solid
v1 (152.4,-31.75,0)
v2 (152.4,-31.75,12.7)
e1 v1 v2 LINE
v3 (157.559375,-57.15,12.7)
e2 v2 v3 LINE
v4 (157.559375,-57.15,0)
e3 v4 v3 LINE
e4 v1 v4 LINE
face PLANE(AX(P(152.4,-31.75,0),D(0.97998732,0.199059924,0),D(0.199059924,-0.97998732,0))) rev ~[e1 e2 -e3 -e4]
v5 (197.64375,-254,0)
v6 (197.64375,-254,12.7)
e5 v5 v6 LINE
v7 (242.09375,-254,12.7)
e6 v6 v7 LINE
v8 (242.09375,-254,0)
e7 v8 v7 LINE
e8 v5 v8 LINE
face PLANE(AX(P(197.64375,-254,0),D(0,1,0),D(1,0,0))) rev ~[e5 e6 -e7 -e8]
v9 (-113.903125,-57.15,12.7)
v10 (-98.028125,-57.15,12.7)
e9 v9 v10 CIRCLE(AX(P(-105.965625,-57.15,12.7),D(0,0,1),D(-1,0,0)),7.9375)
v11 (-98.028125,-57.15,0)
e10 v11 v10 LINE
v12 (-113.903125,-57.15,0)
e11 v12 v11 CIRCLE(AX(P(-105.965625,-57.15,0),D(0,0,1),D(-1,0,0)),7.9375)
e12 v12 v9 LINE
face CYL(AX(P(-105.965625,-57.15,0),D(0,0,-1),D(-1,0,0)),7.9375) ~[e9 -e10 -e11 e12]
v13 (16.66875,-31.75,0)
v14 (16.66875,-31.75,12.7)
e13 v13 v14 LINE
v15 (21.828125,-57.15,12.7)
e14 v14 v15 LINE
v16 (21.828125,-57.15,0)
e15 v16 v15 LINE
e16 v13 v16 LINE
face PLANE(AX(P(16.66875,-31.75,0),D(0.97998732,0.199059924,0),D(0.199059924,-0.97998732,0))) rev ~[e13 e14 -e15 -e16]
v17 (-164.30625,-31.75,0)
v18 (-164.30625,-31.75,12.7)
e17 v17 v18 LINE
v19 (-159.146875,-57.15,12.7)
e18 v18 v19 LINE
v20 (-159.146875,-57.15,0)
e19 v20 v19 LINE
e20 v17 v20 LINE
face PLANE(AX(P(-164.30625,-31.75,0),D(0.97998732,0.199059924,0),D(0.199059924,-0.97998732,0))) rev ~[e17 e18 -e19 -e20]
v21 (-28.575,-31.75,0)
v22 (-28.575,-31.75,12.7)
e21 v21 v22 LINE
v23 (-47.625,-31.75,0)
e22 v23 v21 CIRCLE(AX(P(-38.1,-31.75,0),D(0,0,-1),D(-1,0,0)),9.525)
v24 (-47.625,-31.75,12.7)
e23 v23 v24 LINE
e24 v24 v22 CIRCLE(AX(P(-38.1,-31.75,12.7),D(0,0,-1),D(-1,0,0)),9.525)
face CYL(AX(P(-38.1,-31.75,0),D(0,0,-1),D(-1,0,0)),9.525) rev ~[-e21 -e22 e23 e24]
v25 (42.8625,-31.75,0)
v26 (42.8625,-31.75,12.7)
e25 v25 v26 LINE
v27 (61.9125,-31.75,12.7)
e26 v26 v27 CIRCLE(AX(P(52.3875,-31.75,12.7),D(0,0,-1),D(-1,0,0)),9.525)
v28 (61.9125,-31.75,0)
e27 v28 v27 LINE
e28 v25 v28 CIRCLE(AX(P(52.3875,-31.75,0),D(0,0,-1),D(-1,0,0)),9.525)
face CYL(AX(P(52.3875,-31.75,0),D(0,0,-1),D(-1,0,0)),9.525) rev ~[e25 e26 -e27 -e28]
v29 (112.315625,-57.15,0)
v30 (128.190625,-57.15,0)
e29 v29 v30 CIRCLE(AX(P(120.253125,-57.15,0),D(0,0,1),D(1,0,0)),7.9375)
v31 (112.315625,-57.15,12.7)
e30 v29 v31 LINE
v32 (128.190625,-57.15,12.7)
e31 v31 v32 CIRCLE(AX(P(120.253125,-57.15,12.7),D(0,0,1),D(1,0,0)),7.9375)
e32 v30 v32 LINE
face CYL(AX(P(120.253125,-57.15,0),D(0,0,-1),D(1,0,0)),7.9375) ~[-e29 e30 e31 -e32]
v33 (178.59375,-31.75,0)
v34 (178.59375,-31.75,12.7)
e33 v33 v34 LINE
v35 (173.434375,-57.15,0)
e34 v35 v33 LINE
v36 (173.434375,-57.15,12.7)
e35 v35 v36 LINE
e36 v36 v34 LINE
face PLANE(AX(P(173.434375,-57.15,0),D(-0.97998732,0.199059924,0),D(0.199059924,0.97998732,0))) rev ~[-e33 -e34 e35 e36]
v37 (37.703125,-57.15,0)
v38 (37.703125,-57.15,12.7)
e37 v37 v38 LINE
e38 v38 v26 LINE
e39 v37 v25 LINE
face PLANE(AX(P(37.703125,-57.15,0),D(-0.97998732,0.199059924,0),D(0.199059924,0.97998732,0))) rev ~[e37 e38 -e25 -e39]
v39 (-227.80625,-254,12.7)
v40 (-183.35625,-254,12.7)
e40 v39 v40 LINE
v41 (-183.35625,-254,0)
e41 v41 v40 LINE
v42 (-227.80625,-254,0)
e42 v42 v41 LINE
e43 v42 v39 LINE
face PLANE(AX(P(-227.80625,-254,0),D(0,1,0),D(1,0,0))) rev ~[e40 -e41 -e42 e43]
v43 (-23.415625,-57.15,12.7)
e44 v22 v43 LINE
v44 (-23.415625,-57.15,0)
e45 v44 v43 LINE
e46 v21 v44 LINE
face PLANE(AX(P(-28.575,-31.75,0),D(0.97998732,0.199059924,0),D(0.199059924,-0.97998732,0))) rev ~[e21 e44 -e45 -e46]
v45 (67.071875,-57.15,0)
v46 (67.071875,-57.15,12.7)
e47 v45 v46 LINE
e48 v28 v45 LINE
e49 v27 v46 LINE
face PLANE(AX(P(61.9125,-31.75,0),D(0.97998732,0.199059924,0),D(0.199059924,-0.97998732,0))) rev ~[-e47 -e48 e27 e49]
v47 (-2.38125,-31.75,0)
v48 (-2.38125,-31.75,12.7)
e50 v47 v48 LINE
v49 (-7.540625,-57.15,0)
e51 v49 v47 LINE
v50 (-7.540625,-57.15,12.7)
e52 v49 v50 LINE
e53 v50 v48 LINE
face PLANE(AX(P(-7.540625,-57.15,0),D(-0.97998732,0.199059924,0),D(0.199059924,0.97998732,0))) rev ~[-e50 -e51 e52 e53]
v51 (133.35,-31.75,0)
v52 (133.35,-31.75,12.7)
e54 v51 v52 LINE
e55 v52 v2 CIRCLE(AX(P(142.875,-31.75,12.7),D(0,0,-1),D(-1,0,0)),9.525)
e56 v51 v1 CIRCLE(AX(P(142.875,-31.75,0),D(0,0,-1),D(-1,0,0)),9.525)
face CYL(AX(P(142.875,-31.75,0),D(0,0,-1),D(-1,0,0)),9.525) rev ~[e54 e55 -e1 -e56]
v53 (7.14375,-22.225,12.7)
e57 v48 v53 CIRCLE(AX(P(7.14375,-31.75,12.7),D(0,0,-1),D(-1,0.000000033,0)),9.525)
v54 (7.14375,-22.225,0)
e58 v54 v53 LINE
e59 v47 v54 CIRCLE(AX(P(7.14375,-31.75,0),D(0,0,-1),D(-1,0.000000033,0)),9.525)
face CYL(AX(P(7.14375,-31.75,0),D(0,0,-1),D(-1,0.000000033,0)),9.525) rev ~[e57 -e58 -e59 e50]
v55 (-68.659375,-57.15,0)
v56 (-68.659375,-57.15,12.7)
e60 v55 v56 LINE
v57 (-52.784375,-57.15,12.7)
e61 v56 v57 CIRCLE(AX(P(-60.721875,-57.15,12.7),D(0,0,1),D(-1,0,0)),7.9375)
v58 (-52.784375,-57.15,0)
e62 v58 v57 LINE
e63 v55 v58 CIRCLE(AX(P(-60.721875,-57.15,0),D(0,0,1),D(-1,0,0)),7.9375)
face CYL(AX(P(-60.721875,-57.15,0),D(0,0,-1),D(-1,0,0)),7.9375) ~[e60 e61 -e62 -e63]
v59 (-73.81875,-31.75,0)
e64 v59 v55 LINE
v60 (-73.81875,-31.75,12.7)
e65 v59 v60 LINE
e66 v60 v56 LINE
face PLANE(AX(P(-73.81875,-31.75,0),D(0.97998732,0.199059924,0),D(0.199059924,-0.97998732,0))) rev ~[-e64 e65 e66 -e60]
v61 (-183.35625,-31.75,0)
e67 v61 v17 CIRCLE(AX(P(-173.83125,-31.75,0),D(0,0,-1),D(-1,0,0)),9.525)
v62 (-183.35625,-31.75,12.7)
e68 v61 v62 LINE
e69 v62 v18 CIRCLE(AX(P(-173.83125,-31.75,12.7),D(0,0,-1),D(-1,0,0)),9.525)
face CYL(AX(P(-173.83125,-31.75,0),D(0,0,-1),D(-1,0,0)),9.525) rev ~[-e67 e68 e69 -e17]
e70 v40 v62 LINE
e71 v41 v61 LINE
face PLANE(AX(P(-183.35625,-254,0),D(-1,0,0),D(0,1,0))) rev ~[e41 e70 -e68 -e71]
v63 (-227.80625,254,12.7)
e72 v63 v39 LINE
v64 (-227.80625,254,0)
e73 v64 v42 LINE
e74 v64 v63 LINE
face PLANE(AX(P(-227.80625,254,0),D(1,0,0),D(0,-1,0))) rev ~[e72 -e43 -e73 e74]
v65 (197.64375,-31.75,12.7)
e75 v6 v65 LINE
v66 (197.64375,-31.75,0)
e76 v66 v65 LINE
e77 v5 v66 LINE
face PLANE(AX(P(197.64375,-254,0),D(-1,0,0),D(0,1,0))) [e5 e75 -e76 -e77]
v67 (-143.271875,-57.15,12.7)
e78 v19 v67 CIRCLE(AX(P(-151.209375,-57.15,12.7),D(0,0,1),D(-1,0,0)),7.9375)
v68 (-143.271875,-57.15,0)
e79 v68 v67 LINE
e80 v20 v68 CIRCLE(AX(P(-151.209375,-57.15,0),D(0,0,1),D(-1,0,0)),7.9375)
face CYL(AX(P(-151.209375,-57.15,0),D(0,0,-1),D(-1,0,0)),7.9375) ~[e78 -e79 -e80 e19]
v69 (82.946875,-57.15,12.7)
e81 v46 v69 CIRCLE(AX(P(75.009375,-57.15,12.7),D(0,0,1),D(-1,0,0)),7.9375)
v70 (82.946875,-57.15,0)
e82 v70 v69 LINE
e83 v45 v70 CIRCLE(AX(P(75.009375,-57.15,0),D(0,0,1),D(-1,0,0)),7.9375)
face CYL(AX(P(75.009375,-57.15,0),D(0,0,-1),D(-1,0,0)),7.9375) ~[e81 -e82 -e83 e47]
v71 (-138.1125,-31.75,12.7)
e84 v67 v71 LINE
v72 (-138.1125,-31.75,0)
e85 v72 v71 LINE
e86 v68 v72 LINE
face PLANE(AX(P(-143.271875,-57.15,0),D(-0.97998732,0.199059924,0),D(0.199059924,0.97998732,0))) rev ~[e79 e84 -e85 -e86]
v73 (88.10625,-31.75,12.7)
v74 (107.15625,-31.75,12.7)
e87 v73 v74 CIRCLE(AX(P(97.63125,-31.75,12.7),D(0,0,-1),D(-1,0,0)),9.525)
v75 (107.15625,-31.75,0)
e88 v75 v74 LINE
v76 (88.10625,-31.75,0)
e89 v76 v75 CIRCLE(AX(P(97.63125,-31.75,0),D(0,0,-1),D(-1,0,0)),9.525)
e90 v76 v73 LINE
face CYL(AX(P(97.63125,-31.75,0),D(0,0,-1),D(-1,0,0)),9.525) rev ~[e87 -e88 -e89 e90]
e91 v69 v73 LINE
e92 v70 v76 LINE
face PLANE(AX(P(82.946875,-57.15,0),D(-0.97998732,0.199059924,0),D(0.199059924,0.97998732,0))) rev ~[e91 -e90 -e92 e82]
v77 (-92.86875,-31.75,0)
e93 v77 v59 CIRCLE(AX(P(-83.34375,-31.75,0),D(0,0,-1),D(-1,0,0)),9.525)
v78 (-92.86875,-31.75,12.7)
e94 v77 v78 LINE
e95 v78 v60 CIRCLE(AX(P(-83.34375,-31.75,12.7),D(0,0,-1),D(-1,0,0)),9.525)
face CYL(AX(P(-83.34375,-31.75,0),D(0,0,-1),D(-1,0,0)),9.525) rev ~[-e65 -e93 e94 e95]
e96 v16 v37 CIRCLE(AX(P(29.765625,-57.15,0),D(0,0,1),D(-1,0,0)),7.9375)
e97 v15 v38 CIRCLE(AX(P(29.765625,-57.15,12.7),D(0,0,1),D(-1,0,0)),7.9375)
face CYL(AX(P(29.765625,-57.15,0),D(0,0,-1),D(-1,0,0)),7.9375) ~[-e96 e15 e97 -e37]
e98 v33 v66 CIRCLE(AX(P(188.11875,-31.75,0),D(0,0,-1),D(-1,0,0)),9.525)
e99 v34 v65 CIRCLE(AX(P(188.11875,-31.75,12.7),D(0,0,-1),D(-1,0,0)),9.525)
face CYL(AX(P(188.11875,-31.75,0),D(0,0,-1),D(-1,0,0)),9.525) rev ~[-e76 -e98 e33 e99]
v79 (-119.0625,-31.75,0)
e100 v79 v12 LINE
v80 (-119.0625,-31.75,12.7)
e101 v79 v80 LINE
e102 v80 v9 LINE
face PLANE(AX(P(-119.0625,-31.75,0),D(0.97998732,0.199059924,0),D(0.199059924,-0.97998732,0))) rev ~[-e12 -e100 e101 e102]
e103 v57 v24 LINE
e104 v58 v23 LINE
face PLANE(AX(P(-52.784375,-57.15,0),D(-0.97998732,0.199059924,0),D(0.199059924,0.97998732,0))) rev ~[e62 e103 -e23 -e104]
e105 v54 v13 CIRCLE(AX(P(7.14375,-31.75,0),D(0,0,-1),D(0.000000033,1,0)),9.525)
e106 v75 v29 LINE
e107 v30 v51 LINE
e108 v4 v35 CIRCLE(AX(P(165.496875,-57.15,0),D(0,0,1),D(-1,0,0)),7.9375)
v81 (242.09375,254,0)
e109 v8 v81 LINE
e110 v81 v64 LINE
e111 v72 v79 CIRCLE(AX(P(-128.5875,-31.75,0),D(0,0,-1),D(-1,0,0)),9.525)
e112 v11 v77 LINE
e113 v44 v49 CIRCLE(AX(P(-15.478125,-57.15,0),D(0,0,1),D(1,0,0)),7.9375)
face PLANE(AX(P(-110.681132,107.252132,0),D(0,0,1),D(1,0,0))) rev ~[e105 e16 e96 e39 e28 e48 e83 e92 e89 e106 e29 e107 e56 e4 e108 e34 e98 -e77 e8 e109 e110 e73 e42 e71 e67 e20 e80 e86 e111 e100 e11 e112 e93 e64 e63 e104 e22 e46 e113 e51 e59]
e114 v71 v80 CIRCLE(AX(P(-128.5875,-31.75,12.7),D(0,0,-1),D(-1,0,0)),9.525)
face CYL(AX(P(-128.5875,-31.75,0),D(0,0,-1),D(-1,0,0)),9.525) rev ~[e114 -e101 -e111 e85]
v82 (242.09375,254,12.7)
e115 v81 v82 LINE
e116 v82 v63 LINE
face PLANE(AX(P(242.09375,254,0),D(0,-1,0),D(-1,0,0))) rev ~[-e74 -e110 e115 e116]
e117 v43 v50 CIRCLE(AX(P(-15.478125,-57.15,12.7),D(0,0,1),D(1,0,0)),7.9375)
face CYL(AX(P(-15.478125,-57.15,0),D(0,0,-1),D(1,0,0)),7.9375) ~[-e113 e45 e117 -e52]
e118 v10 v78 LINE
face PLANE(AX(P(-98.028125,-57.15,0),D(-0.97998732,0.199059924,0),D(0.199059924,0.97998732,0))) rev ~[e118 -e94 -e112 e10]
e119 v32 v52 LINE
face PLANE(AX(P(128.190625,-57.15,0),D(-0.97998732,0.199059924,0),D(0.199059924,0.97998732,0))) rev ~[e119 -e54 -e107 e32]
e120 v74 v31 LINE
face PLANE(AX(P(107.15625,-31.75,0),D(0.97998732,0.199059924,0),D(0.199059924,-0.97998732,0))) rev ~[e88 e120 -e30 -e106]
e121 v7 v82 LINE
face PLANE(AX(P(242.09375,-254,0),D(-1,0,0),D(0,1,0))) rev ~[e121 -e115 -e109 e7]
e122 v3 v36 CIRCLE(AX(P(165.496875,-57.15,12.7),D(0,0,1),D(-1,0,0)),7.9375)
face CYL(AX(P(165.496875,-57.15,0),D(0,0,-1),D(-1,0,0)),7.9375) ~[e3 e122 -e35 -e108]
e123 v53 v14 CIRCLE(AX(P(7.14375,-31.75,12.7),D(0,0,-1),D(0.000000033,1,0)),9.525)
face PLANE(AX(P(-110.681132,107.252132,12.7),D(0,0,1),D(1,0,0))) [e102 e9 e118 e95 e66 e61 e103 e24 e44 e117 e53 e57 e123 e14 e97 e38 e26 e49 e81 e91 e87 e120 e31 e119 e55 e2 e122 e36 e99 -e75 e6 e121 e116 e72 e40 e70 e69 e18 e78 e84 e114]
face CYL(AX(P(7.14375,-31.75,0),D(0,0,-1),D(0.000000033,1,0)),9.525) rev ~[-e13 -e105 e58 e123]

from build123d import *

# Parameters (mm, degrees)
F0_W     = 44.45
F0_H     = 222.25
F1_DEPTH = 12.7


with BuildPart() as f1:
    # F0 (on Top) → F1 (new body)
    with BuildSketch(Plane.XY):
        with BuildLine():
            Line((-227.80625, 254), (-227.80625, -31.75))
            Line((-227.80625, -31.75), (-183.35625, -31.75))
            ThreePointArc((-183.35625, -31.75), (-173.83125, -22.225), (-164.30625, -31.75))
            Line((-164.30625, -31.75), (-138.1125, -31.75))
            ThreePointArc((-138.1125, -31.75), (-128.5875, -22.225), (-119.0625, -31.75))
            Line((-119.0625, -31.75), (-92.86875, -31.75))
            ThreePointArc((-92.86875, -31.75), (-83.34375, -22.225), (-73.81875, -31.75))
            Line((-73.81875, -31.75), (-47.625, -31.75))
            ThreePointArc((-47.625, -31.75), (-38.1, -22.225), (-28.575, -31.75))
            Line((-28.575, -31.75), (-2.38125, -31.75))
            ThreePointArc((-2.38125, -31.75), (0.408558, -25.014808), (7.14375, -22.225))
            Line((7.14375, -22.225), (7.14375, 254))
            Line((7.14375, 254), (-227.80625, 254))
        make_face()
        with Locations((-205.58125, -142.875)):
            Rectangle(F0_W, F0_H)
        with Locations((219.86875, -142.875)):
            Rectangle(F0_W, F0_H)
        with BuildLine():
            ThreePointArc((178.59375, -31.75), (188.11875, -22.225), (197.64375, -31.75))
            Line((197.64375, -31.75), (242.09375, -31.75))
            Line((242.09375, -31.75), (242.09375, 254))
            Line((242.09375, 254), (7.14375, 254))
            Line((7.14375, 254), (7.14375, -22.225))
            ThreePointArc((7.14375, -22.225), (13.878942, -25.014808), (16.66875, -31.75))
            Line((16.66875, -31.75), (42.8625, -31.75))
            ThreePointArc((42.8625, -31.75), (52.3875, -22.225), (61.9125, -31.75))
            Line((61.9125, -31.75), (88.10625, -31.75))
            ThreePointArc((88.10625, -31.75), (97.63125, -22.225), (107.15625, -31.75))
            Line((107.15625, -31.75), (133.35, -31.75))
            ThreePointArc((133.35, -31.75), (142.875, -22.225), (152.4, -31.75))
            Line((152.4, -31.75), (165.496875, -31.75))
            Line((165.496875, -31.75), (178.59375, -31.75))
        make_face()
        with BuildLine():
            Line((173.434375, -57.15), (178.59375, -31.75))
            Line((178.59375, -31.75), (165.496875, -31.75))
            Line((165.496875, -31.75), (165.496875, -49.2125))
            ThreePointArc((165.496875, -49.2125), (171.109535, -51.53734), (173.434375, -57.15))
        make_face()
        with BuildLine():
            Line((165.496875, -49.2125), (165.496875, -31.75))
            Line((165.496875, -31.75), (152.4, -31.75))
            Line((152.4, -31.75), (157.559375, -57.15))
            ThreePointArc((157.559375, -57.15), (159.884215, -51.53734), (165.496875, -49.2125))
        make_face()
        with BuildLine():
            ThreePointArc((157.559375, -57.15), (165.496875, -65.0875), (173.434375, -57.15))
            ThreePointArc((173.434375, -57.15), (171.109535, -51.53734), (165.496875, -49.2125))
            ThreePointArc((165.496875, -49.2125), (159.884215, -51.53734), (157.559375, -57.15))
        make_face()
        with BuildLine():
            Line((128.190625, -57.15), (133.35, -31.75))
            Line((133.35, -31.75), (107.15625, -31.75))
            Line((107.15625, -31.75), (112.315625, -57.15))
            ThreePointArc((112.315625, -57.15), (120.253125, -49.2125), (128.190625, -57.15))
        make_face()
        with BuildLine():
            ThreePointArc((112.315625, -57.15), (120.253125, -65.0875), (128.190625, -57.15))
            ThreePointArc((128.190625, -57.15), (120.253125, -49.2125), (112.315625, -57.15))
        make_face()
        with BuildLine():
            Line((88.10625, -31.75), (61.9125, -31.75))
            Line((61.9125, -31.75), (67.071875, -57.15))
            ThreePointArc((67.071875, -57.15), (75.009375, -49.2125), (82.946875, -57.15))
            Line((82.946875, -57.15), (88.10625, -31.75))
        make_face()
        with BuildLine():
            ThreePointArc((82.946875, -57.15), (75.009375, -49.2125), (67.071875, -57.15))
            ThreePointArc((67.071875, -57.15), (75.009375, -65.0875), (82.946875, -57.15))
        make_face()
        with BuildLine():
            Line((42.8625, -31.75), (16.66875, -31.75))
            Line((16.66875, -31.75), (21.828125, -57.15))
            ThreePointArc((21.828125, -57.15), (29.765625, -49.2125), (37.703125, -57.15))
            Line((37.703125, -57.15), (42.8625, -31.75))
        make_face()
        with BuildLine():
            ThreePointArc((37.703125, -57.15), (29.765625, -49.2125), (21.828125, -57.15))
            ThreePointArc((21.828125, -57.15), (29.765625, -65.0875), (37.703125, -57.15))
        make_face()
        with BuildLine():
            Line((-7.540625, -57.15), (-2.38125, -31.75))
            Line((-2.38125, -31.75), (-28.575, -31.75))
            Line((-28.575, -31.75), (-23.415625, -57.15))
            ThreePointArc((-23.415625, -57.15), (-15.478125, -49.2125), (-7.540625, -57.15))
        make_face()
        with BuildLine():
            ThreePointArc((-23.415625, -57.15), (-15.478125, -65.0875), (-7.540625, -57.15))
            ThreePointArc((-7.540625, -57.15), (-15.478125, -49.2125), (-23.415625, -57.15))
        make_face()
        with BuildLine():
            Line((-47.625, -31.75), (-73.81875, -31.75))
            Line((-73.81875, -31.75), (-68.659375, -57.15))
            ThreePointArc((-68.659375, -57.15), (-60.721875, -49.2125), (-52.784375, -57.15))
            Line((-52.784375, -57.15), (-47.625, -31.75))
        make_face()
        with BuildLine():
            ThreePointArc((-52.784375, -57.15), (-60.721875, -49.2125), (-68.659375, -57.15))
            ThreePointArc((-68.659375, -57.15), (-60.721875, -65.0875), (-52.784375, -57.15))
        make_face()
        with BuildLine():
            Line((-92.86875, -31.75), (-119.0625, -31.75))
            Line((-119.0625, -31.75), (-113.903125, -57.15))
            ThreePointArc((-113.903125, -57.15), (-105.965625, -49.2125), (-98.028125, -57.15))
            Line((-98.028125, -57.15), (-92.86875, -31.75))
        make_face()
        with BuildLine():
            ThreePointArc((-98.028125, -57.15), (-105.965625, -49.2125), (-113.903125, -57.15))
            ThreePointArc((-113.903125, -57.15), (-105.965625, -65.0875), (-98.028125, -57.15))
        make_face()
        with BuildLine():
            Line((-138.1125, -31.75), (-164.30625, -31.75))
            Line((-164.30625, -31.75), (-159.146875, -57.15))
            ThreePointArc((-159.146875, -57.15), (-151.209375, -49.2125), (-143.271875, -57.15))
            Line((-143.271875, -57.15), (-138.1125, -31.75))
        make_face()
        with BuildLine():
            ThreePointArc((-143.271875, -57.15), (-151.209375, -49.2125), (-159.146875, -57.15))
            ThreePointArc((-159.146875, -57.15), (-151.209375, -65.0875), (-143.271875, -57.15))
        make_face()
    extrude(amount=F1_DEPTH)


solid = f1.part
